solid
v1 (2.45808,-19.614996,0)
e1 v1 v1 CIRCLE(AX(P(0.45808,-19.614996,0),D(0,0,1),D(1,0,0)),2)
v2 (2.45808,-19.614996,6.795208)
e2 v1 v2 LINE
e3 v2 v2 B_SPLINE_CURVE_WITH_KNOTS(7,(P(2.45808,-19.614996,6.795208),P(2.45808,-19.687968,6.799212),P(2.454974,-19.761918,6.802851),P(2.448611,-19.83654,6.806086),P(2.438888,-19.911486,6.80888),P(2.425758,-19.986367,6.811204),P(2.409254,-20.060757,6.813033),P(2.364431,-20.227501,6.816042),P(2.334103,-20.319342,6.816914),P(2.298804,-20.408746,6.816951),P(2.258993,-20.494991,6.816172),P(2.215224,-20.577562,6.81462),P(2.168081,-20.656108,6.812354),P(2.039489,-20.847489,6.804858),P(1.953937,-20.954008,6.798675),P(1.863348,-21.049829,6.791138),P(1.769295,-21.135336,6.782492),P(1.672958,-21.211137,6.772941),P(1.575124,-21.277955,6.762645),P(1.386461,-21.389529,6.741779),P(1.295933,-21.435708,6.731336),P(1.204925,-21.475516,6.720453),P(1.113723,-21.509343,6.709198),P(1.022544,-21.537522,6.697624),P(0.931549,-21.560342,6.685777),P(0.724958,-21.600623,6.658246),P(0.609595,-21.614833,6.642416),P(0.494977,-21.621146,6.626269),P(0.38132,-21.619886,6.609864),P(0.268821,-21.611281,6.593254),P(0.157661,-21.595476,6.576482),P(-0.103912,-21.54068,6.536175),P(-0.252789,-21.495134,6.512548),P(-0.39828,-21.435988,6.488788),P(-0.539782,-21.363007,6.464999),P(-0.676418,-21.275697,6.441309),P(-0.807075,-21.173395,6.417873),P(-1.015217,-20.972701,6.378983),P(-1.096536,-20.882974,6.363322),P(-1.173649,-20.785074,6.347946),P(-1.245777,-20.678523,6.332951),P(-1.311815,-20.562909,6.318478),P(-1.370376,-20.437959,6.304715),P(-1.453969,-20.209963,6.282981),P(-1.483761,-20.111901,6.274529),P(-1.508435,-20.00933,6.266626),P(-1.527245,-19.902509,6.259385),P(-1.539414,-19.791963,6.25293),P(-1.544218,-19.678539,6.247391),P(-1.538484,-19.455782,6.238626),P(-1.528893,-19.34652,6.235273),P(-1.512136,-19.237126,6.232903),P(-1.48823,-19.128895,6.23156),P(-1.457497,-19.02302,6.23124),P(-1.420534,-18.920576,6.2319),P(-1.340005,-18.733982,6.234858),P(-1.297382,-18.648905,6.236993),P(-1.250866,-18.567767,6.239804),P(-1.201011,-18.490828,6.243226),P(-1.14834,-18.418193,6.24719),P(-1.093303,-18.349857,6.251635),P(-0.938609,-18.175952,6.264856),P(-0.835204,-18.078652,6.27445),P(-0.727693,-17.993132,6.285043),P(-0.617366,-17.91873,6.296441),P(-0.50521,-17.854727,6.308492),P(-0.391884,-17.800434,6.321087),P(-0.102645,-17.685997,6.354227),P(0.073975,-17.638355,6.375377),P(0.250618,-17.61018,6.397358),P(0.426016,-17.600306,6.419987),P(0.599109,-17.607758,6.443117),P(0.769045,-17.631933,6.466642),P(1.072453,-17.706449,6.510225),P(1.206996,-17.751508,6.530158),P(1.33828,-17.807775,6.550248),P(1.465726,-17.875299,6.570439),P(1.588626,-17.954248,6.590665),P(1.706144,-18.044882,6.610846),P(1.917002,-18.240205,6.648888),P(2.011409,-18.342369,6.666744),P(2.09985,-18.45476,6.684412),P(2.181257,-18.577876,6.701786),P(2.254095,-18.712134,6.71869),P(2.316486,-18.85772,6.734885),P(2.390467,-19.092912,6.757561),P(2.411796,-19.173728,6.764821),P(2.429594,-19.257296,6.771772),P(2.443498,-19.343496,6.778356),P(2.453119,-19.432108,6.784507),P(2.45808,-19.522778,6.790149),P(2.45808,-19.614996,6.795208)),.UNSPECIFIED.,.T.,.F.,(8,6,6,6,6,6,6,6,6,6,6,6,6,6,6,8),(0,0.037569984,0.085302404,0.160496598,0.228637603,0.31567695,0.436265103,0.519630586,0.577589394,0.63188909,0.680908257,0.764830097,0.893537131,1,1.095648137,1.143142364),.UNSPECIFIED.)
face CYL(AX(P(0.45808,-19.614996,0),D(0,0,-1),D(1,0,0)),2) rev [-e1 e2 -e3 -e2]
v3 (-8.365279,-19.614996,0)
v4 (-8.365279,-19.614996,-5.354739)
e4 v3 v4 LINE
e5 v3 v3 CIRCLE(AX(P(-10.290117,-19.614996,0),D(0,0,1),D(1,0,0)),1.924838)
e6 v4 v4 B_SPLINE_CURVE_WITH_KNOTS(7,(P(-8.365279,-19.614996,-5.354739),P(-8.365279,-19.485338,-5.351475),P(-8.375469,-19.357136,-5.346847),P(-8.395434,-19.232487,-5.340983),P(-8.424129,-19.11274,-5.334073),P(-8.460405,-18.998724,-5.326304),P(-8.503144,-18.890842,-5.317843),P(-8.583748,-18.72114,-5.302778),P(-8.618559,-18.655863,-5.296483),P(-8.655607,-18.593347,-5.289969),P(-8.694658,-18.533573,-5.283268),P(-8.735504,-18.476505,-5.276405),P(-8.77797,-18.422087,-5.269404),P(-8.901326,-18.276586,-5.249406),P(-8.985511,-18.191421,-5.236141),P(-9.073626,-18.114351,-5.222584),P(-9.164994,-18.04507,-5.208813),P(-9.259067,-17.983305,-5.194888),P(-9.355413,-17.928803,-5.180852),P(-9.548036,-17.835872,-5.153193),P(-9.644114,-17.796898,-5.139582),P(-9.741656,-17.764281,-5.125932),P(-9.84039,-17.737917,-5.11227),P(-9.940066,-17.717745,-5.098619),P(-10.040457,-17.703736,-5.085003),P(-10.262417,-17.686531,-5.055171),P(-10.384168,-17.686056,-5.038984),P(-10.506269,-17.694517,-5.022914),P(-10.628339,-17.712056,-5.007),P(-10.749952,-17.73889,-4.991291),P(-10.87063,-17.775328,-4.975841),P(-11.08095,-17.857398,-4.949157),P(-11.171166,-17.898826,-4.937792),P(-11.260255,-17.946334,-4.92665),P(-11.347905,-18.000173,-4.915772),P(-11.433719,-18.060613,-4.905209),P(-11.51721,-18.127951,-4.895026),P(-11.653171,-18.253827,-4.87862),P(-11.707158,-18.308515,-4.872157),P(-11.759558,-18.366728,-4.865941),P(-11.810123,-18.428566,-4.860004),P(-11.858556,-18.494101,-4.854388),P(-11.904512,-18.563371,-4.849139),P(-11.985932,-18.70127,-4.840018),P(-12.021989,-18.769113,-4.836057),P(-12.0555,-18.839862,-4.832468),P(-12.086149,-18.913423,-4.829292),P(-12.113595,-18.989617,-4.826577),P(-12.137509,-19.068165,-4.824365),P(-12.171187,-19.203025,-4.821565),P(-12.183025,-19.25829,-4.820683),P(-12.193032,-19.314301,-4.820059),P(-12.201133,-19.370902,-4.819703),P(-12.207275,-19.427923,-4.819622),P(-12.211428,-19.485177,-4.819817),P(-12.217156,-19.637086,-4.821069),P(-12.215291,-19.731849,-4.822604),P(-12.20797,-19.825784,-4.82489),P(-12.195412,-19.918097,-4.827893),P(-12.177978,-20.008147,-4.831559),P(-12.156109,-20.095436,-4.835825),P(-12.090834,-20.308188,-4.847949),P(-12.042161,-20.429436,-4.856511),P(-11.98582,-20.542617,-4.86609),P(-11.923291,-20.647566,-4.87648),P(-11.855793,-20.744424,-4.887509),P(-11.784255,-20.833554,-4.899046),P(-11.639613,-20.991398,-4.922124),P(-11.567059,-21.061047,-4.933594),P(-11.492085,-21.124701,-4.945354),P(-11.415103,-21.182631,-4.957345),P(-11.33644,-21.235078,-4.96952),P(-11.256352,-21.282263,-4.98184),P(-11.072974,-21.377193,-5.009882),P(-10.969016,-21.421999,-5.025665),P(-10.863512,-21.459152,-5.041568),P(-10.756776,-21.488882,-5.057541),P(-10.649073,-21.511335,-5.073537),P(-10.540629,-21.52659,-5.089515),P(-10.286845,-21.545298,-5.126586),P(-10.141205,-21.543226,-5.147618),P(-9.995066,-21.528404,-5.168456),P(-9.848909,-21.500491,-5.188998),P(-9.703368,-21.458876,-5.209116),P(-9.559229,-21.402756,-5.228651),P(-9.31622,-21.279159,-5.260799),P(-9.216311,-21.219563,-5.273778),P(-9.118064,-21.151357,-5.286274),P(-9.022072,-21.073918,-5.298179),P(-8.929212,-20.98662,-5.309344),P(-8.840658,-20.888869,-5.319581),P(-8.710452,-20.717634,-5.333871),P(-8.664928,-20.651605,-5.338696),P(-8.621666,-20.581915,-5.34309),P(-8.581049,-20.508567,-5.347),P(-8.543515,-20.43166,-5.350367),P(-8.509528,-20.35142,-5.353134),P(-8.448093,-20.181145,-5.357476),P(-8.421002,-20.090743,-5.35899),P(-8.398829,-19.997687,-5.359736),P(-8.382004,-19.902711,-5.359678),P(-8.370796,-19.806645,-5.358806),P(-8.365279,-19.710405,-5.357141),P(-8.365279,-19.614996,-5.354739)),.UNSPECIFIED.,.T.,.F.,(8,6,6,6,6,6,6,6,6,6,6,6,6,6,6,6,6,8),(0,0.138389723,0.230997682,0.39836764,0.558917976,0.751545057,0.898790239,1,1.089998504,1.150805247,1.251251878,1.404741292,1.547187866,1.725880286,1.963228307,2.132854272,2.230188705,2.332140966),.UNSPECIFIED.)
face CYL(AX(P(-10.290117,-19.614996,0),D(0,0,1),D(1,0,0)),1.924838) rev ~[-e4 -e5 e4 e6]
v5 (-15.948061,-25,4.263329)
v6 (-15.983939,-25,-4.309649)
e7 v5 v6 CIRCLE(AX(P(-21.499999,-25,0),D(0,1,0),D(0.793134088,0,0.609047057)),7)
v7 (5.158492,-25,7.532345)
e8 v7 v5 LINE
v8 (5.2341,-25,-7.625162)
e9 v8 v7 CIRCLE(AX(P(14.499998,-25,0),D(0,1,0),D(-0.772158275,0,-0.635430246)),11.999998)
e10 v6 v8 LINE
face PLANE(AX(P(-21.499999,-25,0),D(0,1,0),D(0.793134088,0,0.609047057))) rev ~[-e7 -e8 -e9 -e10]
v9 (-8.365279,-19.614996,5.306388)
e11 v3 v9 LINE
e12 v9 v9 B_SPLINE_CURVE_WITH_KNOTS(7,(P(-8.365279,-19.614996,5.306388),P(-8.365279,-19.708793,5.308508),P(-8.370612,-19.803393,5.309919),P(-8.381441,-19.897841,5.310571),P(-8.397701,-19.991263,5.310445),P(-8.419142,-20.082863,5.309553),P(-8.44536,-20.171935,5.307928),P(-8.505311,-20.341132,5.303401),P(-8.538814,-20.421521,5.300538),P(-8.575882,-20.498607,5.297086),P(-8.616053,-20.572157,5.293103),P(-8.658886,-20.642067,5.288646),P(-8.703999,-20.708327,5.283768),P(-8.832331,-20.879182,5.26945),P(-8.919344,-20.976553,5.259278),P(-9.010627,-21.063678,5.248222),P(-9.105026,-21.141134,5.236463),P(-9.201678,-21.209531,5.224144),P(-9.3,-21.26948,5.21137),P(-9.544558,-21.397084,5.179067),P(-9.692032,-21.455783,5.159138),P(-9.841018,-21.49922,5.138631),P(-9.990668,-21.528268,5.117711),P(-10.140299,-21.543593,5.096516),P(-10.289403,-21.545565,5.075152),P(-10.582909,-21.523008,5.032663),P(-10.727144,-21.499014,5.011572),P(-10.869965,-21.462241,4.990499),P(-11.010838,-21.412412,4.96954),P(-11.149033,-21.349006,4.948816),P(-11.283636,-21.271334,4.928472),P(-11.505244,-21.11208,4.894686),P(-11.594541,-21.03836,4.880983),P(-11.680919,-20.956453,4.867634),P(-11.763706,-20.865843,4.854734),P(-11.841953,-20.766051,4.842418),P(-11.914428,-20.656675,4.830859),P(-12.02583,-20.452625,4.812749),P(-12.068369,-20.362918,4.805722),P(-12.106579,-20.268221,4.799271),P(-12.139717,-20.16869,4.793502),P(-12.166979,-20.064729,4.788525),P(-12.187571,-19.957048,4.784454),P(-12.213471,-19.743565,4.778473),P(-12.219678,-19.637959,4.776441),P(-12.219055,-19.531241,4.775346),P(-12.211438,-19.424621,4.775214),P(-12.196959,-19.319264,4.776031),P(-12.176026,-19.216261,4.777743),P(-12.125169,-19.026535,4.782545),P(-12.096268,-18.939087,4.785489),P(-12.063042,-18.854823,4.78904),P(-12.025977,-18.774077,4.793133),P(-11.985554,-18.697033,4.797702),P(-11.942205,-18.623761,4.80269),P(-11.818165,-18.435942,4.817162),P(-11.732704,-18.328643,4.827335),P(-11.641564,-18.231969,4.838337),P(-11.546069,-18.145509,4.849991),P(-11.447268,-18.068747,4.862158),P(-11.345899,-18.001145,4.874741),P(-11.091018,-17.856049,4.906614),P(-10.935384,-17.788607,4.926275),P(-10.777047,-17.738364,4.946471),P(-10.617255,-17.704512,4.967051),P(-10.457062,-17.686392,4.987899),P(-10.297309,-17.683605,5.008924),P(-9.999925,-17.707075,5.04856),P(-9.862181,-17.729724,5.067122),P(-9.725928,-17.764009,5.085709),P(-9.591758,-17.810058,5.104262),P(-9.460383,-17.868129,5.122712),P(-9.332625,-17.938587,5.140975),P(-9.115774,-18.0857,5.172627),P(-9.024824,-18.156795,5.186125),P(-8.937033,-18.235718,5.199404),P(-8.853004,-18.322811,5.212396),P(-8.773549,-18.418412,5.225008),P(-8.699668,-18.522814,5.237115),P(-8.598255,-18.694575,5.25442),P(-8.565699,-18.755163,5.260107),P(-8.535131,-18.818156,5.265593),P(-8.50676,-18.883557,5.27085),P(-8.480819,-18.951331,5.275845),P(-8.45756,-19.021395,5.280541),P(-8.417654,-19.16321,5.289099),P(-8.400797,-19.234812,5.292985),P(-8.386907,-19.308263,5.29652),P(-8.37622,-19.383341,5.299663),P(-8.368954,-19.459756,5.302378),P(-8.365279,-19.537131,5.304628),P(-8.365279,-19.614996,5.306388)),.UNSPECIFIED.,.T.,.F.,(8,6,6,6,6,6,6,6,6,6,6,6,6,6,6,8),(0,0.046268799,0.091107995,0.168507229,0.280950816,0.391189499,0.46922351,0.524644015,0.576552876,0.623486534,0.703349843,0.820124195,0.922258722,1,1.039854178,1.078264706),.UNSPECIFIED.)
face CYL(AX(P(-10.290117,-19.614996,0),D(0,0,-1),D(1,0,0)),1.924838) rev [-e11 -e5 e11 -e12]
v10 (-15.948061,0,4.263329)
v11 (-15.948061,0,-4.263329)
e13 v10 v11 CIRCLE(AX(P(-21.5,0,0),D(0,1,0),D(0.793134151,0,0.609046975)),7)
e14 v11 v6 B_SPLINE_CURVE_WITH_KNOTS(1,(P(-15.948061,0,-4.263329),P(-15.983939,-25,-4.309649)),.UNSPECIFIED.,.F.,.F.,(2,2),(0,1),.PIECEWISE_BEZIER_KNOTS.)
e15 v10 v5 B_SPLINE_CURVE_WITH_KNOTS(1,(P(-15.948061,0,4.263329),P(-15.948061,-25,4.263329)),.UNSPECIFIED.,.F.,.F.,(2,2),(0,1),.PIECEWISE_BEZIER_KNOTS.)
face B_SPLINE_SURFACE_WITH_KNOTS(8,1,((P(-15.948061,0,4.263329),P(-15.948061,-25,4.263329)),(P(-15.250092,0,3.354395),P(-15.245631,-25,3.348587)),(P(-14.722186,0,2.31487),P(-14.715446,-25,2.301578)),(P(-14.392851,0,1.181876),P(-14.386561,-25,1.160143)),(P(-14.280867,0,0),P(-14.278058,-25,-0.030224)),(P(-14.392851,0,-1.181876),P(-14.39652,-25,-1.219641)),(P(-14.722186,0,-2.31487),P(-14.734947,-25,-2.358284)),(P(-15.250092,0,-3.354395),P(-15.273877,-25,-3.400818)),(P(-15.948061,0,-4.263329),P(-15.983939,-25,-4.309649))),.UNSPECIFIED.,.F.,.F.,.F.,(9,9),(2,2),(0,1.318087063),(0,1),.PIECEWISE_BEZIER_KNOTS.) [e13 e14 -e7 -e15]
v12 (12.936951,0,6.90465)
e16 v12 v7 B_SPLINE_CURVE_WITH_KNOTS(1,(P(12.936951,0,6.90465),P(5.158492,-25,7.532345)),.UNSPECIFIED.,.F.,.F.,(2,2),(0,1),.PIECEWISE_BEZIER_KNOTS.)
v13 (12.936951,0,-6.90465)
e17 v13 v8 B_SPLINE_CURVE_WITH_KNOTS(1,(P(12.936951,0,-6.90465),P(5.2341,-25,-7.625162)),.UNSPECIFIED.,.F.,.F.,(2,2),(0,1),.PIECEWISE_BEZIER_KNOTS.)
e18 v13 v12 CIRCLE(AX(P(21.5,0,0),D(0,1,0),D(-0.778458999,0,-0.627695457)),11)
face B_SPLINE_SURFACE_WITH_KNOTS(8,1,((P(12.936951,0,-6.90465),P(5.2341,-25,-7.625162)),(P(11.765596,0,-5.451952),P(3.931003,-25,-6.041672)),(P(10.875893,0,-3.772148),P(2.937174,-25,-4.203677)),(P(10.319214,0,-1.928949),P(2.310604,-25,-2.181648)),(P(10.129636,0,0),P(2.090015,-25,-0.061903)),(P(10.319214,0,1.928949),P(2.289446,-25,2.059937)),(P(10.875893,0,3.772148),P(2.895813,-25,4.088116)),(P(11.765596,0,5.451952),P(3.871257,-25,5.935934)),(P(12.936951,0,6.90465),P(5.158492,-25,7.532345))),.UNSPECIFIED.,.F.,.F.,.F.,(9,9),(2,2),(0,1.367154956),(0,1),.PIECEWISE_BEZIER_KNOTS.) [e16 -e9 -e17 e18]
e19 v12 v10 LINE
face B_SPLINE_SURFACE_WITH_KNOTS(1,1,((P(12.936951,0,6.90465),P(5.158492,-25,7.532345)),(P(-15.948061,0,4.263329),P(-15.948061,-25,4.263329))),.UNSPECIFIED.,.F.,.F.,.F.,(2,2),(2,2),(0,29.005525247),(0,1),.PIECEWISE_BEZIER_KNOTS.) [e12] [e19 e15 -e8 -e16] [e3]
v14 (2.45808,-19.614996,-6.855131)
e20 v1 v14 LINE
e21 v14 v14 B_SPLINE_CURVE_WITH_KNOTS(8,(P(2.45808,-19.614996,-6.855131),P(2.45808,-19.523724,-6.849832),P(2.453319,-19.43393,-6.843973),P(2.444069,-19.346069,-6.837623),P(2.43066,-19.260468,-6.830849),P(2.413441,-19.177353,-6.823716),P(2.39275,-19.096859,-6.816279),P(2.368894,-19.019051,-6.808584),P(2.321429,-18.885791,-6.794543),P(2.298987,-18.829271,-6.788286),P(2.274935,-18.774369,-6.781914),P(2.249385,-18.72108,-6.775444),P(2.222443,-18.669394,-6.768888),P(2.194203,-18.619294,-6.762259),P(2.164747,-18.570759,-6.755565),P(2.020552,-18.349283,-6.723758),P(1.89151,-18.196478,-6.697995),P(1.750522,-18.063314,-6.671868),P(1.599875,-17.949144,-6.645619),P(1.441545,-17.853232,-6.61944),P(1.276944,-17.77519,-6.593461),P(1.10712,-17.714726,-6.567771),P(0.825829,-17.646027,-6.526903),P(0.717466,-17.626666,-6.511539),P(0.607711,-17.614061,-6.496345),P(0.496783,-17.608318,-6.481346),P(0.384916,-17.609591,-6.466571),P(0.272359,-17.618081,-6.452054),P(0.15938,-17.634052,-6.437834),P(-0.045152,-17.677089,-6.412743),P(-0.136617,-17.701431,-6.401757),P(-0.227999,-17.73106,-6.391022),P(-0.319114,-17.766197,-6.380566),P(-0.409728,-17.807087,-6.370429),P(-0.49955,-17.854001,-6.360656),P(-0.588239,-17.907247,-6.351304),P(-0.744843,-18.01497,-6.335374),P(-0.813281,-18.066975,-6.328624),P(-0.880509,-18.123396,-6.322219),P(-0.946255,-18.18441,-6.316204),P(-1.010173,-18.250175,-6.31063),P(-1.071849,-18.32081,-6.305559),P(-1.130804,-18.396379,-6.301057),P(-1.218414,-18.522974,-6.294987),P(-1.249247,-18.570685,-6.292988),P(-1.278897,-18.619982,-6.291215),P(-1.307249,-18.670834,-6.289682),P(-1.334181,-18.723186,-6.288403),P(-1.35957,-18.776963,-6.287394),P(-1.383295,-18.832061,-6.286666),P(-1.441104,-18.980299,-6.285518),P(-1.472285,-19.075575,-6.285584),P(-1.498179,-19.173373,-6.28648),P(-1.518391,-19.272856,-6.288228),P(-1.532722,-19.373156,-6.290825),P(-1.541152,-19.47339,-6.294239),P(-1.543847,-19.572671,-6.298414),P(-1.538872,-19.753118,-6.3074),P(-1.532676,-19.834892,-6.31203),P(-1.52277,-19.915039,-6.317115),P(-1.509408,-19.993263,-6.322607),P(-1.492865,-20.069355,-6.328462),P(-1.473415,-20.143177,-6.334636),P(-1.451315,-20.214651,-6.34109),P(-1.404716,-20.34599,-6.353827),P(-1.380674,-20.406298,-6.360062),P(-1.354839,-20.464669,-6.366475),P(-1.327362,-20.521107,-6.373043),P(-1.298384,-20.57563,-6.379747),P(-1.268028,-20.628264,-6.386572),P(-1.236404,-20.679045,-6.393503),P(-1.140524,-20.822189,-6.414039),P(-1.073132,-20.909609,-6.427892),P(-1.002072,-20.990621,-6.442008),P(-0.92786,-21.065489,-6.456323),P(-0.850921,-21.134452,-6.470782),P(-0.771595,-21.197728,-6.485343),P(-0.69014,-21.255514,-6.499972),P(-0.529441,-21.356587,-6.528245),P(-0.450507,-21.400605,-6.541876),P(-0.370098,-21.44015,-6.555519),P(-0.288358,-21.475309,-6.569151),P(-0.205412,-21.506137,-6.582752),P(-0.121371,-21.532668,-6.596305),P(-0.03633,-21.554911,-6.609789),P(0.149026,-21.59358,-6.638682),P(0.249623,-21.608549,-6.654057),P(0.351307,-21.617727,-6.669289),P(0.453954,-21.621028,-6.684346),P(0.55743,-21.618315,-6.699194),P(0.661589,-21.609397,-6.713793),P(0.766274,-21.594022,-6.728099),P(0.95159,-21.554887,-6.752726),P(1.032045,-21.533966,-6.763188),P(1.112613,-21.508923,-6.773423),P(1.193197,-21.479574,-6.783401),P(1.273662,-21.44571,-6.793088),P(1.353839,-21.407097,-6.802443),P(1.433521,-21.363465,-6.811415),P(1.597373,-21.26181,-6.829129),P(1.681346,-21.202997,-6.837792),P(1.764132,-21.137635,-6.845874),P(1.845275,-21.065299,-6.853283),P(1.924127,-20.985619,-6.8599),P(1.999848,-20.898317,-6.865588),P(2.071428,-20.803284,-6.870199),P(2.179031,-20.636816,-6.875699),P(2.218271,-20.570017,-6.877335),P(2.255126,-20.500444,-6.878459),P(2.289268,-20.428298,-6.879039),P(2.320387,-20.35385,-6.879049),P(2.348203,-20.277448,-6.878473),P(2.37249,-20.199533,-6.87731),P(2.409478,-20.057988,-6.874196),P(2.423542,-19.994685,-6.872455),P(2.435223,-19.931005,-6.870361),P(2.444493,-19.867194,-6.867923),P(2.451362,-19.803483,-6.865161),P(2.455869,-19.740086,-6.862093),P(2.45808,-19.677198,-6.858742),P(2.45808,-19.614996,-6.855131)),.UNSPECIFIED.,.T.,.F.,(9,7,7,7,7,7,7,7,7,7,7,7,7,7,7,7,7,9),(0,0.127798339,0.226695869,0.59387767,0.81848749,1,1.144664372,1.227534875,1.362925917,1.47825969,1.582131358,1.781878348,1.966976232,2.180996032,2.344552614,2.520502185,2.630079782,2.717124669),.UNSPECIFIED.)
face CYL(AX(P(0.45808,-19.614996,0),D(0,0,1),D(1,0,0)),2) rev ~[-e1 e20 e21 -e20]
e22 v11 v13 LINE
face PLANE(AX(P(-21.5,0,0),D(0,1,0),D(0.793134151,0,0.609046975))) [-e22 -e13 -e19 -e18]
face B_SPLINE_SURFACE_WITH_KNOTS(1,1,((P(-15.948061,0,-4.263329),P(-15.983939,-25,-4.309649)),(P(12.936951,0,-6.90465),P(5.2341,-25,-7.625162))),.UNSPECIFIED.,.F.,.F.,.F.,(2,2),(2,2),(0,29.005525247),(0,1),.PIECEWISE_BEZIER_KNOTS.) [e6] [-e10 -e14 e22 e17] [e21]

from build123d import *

# Parameters (mm, degrees)
F1_W          = 5.870015
F1_H          = 6.290437
F2_DEPTH      = 25
F5_R          = 1.924838
F5_R_2        = 2
F6_DEPTH      = 10
F6_DEPTH_BACK = 10


with BuildPart() as f2:
    # F1 (on Front) → F2 (new body)
    with BuildSketch(Plane.XZ):
        with Locations((-3.029539, -0.13159)):
            Rectangle(F1_W, F1_H)
    extrude(amount=F2_DEPTH)

    # F0 (on Front) → F4 section 0
    with BuildSketch(Plane.XZ):
        with BuildLine():
            ThreePointArc((-15.948061, 4.263329), (-14.5, 0), (-15.948061, -4.263329))
            Line((-15.948061, -4.263329), (12.936951, -6.90465))
            ThreePointArc((12.936951, -6.90465), (10.5, 0), (12.936951, 6.90465))
            Line((12.936951, 6.90465), (-15.948061, 4.263329))
        make_face()
    # F3 (on face) → F4 section 1
    with BuildSketch(Plane.XZ.offset(25)):
        with BuildLine():
            ThreePointArc((-15.948061, 4.263329), (-14.500061, -0.029295), (-15.983939, -4.309649))
            Line((-15.983939, -4.309649), (5.2341, -7.625162))
            ThreePointArc((5.2341, -7.625162), (2.500149, -0.059857), (5.158492, 7.532345))
            Line((5.158492, 7.532345), (-15.948061, 4.263329))
        make_face()
    loft()

    # F5 (on Top) → F6 (cut, two sides)
    with BuildSketch(Plane.XY) as f6_sk:
        with Locations((-10.290117, -19.614996)):
            Circle(F5_R)
        with Locations((0.45808, -19.614996)):
            Circle(F5_R_2)
    extrude(amount=F6_DEPTH, mode=Mode.SUBTRACT)
    extrude(f6_sk.sketch, amount=-F6_DEPTH_BACK, mode=Mode.SUBTRACT)


solid = f2.part
